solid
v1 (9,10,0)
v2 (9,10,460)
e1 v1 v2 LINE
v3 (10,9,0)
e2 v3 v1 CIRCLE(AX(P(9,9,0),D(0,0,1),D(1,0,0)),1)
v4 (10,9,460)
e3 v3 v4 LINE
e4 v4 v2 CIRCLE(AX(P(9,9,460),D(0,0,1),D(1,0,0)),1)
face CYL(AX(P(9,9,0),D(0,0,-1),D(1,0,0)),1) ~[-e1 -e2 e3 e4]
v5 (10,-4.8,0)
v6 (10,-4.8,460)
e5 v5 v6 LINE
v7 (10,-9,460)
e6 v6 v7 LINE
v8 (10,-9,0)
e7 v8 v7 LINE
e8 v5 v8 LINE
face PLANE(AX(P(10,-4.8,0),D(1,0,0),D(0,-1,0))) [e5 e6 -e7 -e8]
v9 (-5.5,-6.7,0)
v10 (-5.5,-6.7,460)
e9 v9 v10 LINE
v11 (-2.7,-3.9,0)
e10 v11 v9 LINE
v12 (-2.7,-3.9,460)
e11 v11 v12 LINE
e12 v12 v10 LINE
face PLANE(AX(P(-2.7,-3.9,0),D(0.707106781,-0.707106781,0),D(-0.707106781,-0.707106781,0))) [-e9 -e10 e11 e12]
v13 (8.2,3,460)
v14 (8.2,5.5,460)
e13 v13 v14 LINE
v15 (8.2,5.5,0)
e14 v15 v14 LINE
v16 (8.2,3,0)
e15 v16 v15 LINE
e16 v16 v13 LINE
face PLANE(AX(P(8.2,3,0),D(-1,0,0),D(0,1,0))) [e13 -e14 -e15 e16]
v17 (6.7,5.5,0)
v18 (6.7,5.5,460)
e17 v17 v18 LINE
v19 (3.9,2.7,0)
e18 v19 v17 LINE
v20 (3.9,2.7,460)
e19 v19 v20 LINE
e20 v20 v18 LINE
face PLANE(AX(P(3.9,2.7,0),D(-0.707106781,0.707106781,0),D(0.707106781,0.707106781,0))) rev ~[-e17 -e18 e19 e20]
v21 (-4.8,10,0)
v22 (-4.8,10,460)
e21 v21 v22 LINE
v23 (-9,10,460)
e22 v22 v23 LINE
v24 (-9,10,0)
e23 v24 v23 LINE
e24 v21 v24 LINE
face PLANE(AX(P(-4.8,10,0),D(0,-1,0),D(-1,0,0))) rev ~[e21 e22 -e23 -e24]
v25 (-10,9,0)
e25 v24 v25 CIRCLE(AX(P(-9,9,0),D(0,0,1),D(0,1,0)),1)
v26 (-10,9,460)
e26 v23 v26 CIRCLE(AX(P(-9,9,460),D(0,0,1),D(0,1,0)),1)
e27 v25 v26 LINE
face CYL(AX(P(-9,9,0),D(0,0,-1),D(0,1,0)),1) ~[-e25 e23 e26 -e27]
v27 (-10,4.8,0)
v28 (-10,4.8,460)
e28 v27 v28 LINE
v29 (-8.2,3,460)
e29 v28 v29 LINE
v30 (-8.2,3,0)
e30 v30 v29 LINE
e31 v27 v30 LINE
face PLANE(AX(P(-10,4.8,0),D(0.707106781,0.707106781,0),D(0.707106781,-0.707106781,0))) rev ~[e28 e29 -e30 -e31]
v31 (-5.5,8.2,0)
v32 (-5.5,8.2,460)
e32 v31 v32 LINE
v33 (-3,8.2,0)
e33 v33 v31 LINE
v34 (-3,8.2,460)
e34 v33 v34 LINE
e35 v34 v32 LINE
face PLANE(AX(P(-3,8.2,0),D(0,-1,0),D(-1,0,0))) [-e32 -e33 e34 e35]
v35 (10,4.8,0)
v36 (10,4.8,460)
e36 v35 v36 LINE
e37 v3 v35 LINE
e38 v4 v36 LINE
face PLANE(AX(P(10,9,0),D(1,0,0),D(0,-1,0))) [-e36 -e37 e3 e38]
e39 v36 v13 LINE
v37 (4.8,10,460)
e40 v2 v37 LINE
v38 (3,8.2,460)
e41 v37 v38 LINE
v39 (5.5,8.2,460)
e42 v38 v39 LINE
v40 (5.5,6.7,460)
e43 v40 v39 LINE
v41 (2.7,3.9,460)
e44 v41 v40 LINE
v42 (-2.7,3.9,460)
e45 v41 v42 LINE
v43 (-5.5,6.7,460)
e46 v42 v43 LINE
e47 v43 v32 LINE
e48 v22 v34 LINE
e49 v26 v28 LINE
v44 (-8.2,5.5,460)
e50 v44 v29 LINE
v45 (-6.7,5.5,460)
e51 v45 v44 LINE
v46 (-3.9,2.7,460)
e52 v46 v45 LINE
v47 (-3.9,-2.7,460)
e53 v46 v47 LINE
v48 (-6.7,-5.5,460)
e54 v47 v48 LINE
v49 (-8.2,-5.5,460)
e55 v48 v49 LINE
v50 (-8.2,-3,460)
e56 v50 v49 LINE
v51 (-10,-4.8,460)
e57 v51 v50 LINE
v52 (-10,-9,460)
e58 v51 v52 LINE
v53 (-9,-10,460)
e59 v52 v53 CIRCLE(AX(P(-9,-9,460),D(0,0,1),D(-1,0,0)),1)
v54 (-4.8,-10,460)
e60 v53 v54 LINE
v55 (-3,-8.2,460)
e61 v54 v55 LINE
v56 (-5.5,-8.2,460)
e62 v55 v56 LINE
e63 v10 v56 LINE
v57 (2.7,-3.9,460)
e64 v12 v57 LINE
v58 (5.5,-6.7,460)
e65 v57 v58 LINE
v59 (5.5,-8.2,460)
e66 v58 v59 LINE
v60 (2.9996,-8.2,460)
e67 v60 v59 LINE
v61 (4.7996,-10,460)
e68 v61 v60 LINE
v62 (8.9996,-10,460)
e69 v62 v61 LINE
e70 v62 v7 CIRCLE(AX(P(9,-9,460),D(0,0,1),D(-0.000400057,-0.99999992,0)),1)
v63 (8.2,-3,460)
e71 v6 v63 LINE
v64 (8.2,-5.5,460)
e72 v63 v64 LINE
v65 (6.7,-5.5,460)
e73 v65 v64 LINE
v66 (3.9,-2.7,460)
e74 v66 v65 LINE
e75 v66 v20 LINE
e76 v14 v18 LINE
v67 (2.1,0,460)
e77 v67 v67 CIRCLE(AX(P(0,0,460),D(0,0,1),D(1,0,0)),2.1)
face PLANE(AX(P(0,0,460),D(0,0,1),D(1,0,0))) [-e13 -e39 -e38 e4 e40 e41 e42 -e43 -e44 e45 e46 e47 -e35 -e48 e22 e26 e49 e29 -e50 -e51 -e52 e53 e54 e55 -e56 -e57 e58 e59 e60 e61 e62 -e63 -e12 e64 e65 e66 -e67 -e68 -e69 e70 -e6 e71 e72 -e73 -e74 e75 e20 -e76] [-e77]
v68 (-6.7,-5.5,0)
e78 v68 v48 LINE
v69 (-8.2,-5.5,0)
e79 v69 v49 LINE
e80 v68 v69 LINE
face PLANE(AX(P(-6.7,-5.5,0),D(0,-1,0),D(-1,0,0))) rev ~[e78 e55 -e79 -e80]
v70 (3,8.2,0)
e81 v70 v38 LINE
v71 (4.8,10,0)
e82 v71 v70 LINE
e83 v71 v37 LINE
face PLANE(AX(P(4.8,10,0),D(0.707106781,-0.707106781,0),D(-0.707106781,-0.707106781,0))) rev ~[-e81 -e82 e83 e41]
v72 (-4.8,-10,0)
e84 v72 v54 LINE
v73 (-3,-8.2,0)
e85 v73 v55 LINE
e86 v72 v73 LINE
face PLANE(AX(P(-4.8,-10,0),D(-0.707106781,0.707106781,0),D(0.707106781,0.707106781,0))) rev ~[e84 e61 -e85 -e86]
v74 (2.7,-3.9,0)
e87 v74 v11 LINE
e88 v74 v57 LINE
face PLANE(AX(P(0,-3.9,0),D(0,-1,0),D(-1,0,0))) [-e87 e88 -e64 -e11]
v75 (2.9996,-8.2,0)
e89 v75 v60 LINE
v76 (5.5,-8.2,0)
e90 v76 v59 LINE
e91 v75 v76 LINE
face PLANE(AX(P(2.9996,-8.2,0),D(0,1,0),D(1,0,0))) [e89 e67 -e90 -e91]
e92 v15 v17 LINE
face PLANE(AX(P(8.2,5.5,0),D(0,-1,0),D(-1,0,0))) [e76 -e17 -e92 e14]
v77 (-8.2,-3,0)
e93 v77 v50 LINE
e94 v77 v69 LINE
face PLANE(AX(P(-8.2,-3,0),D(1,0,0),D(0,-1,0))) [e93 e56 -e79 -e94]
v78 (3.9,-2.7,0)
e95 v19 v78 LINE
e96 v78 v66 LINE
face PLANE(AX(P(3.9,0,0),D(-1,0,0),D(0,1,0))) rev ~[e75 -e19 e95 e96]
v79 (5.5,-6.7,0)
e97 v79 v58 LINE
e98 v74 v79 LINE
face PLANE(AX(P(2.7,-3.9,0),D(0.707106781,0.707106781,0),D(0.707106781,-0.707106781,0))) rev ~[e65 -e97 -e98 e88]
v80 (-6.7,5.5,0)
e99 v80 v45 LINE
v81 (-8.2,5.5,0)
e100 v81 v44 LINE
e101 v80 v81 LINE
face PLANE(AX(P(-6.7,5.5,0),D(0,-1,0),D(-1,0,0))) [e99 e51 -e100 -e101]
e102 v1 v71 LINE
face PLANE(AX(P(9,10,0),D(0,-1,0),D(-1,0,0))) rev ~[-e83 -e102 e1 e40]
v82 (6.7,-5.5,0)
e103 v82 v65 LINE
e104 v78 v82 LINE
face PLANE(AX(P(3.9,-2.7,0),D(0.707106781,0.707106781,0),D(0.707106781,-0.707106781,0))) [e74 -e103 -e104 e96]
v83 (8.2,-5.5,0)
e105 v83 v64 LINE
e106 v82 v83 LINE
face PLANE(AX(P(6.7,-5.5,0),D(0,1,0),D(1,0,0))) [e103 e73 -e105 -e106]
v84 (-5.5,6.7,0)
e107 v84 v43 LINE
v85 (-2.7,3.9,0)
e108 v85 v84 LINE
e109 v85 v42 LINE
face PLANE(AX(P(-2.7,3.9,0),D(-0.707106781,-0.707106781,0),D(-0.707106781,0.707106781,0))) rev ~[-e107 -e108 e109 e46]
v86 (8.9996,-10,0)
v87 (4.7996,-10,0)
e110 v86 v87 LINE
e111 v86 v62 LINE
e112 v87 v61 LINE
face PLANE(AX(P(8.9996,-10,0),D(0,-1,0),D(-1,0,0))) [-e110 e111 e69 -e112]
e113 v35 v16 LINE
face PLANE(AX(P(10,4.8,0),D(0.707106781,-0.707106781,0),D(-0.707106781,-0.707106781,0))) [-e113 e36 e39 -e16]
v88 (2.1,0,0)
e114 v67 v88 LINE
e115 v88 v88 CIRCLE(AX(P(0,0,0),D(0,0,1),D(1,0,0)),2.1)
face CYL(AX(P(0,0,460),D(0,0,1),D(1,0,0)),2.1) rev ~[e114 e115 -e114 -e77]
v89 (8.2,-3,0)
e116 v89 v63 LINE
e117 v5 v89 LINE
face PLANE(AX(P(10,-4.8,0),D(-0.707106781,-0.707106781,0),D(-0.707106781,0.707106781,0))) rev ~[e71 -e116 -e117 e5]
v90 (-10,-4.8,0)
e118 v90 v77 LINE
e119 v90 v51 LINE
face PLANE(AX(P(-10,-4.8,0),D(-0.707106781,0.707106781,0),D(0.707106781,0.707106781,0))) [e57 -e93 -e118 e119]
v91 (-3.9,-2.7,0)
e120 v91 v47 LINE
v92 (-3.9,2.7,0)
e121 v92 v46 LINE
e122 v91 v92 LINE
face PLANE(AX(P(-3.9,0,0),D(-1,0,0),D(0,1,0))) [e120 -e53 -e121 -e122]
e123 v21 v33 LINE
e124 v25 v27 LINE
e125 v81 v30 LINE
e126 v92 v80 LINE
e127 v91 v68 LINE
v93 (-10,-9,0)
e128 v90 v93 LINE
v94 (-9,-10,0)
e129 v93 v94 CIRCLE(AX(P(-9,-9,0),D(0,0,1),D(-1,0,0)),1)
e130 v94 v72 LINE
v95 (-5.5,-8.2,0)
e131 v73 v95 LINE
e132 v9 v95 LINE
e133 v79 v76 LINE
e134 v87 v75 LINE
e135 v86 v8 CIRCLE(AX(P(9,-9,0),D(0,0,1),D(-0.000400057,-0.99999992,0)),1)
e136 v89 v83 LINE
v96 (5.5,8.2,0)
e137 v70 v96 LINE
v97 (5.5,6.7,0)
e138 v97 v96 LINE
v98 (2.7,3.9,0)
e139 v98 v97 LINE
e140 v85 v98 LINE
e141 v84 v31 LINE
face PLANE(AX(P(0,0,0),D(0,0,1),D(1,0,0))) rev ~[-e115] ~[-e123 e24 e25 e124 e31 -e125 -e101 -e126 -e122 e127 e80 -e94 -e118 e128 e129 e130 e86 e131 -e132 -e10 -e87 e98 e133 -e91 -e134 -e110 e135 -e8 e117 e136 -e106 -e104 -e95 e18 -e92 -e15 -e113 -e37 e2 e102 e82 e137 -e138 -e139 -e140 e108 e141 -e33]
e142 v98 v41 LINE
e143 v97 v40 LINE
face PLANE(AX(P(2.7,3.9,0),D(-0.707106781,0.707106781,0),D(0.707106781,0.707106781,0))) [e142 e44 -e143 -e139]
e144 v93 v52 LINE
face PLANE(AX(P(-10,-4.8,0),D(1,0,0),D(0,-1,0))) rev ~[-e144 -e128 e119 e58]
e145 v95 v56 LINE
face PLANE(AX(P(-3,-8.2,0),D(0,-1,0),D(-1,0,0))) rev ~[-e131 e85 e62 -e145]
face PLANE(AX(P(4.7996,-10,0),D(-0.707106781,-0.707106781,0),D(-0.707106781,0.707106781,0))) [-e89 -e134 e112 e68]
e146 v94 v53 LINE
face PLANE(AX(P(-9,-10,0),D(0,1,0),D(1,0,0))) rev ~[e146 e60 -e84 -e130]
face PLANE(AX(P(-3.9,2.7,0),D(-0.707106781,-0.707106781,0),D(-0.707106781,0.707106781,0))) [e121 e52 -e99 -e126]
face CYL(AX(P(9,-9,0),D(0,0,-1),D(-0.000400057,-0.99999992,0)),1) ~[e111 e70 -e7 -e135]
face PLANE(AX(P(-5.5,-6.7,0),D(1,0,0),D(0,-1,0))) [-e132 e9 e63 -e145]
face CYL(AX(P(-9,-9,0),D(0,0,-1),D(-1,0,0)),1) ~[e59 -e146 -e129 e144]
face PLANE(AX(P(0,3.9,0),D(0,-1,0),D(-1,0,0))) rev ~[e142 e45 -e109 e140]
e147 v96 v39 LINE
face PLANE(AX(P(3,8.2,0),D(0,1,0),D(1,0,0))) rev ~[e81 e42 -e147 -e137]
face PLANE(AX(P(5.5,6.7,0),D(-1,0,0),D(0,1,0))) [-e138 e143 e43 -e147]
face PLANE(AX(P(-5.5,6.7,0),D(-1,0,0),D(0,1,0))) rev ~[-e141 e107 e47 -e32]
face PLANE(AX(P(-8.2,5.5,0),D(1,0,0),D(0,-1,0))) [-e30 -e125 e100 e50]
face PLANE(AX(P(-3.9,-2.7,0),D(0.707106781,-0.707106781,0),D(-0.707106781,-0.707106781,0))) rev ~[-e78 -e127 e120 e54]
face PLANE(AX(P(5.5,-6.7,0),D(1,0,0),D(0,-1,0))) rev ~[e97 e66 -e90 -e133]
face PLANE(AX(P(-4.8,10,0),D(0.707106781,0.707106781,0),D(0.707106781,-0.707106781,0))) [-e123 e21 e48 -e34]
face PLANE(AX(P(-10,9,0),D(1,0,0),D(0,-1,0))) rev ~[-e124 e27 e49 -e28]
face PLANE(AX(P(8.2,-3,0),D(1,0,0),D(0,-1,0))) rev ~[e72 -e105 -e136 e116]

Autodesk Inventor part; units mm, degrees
ref_plane "YZ Plane" through (0, 0, 0) normal (1, 0, 0) x (0, 1, 0)
ref_plane "XZ Plane" through (0, 0, 0) normal (0, 1, 0) x (-1, 0, 0)
ref_plane "XY Plane" through (0, 0, 0) normal (0, 0, 1) x (1, 0, 0)
sketch "Эскиз1" plane through (0, 0, 0) normal (0, 0, 1) x (1, 0, 0)
  line L0 (-4.8, 10) -> (-3, 8.2)
  line L1 (-4.8, 10) -> (-2.2544, 10) construction
  line L2 (4.8, 10) -> (3, 8.2)
  line L3 (4.8, 10) -> (7.3456, 10) construction
  line L4 (10, 4.8) -> (8.2, 3)
  arc A0 (-9, 10) -> (-10, 9) centre (-9, 9) ccw
  arc A1 (10, 9) -> (9, 10) centre (9, 9) ccw
  arc A2 (-10, -9) -> (-9, -10) centre (-9, -9) ccw
  arc A3 (8.9996, -10) -> (10, -9) centre (9, -9) ccw
  line L5 (0, 3.9) -> (-2.7, 3.9)
  line L6 (0, 3.9) -> (2.7, 3.9)
  line L7 (3, 8.2) -> (5.5, 8.2)
  line L8 (2.7, 3.9) -> (5.5, 6.7)
  line L9 (5.5, 6.7) -> (5.5, 8.2)
  line L10 (3.9, 0) -> (3.9, 2.7)
  line L11 (3.9, 0) -> (3.9, -2.7)
  line L12 (3.9, 2.7) -> (6.7, 5.5)
  line L13 (3.9, 2.7) -> (7.8598, 2.7) construction
  line L14 (9, 10) -> (4.8, 10)
  line L15 (-4.8, 10) -> (-9, 10)
  line L16 (0, -3.9) -> (-2.7, -3.9)
  line L17 (0, -3.9) -> (2.7, -3.9)
  line L18 (-3.9, 0) -> (-3.9, -2.7)
  line L19 (-3.9, 0) -> (-3.9, 2.7)
  line L20 (8.2, 3) -> (8.2, 5.5)
  line L21 (8.2, 5.5) -> (6.7, 5.5)
  line L22 (-10, -4.8) -> (-7.4544, -4.8) construction
  line L23 (-4.8, -10) -> (-3, -8.2)
  line L24 (-4.8, -10) -> (-2.2544, -10) construction
  line L25 (4.7996, -10) -> (2.9996, -8.2)
  line L26 (4.7996, -10) -> (7.3452, -10) construction
  line L27 (10, -4.8) -> (8.2, -3)
  line L28 (8.9996, -10) -> (4.7996, -10)
  line L29 (-9, -10) -> (-4.8, -10)
  line L30 (10, -4.8) -> (10, -9)
  line L31 (10, 9) -> (10, 4.8)
  line L32 (-10, -4.8) -> (-10, -9)
  line L33 (-3, 8.2) -> (-5.5, 8.2)
  line L34 (-2.7, 3.9) -> (-5.5, 6.7)
  line L35 (-2.7, 3.9) -> (1.2598, 3.9) construction
  line L36 (-5.5, 6.7) -> (-5.5, 8.2)
  line L37 (-3.9, 2.7) -> (-6.7, 5.5)
  line L38 (-6.7, 5.5) -> (-8.2, 5.5)
  line L39 (-8.2, -3) -> (-8.2, -5.5)
  line L40 (-3, -8.2) -> (-5.5, -8.2)
  line L41 (2.9996, -8.2) -> (5.5, -8.2)
  line L42 (8.2, -3) -> (8.2, -5.5)
  line L43 (-3.9, -2.7) -> (-6.7, -5.5)
  line L44 (-6.7, -5.5) -> (-8.2, -5.5)
  line L45 (-2.7, -3.9) -> (-5.5, -6.7)
  line L46 (-5.5, -6.7) -> (-5.5, -8.2)
  line L47 (-10, 9) -> (-10, 4.8)
  line L48 (-10, 4.8) -> (-8.2, 3)
  line L49 (-8.2, 5.5) -> (-8.2, 3)
  line L50 (-10, -4.8) -> (-8.2, -3)
  line L51 (2.7, -3.9) -> (5.5, -6.7)
  line L52 (5.5, -6.7) -> (5.5, -8.2)
  line L53 (3.9, -2.7) -> (6.7, -5.5)
  line L54 (6.7, -5.5) -> (8.2, -5.5)
  point P0 (0, 0)
  dimension "d16" = 45
  dimension "d17" = 135
  dimension "d25" = 6
  dimension "d29" = 1
  dimension "d30" = 1
  dimension "d31" = 2.7
  dimension "d32" = 2.7
  dimension "d34" = 2.5
  dimension "d36" = 2.7
  dimension "d37" = 2.7
  dimension "d38" = 3.9
  dimension "d39" = 45
  dimension "d42" = 2.7
  dimension "d43" = 2.7
  dimension "d44" = 3.9
  dimension "d45" = 2.7
  dimension "d46" = 2.7
  dimension "d48" = 10
  dimension "d49" = 10
  dimension "d55" = 4.5
  dimension "d58" = 9
  dimension "d59" = 9
  dimension "d60" = 2.5
  dimension "d61" = 2.8
  dimension "d63" = 1.6971
  dimension "d65" = 45
  dimension "d67" = 135
  dimension "d73" = 10
  dimension "d74" = 10
  dimension "d77" = 18
  dimension "d78" = 18
  dimension "d79" = 135
  dimension "d80" = 135
  dimension "d81" = 4.5
  dimension "d82" = 1.8
  dimension "d83" = 1.8
  dimension "d84" = 1
  dimension "d85" = 1
  dimension "d87" = 4.5
  dimension "d89" = 1.8
  dimension "d91" = 135
  dimension "d92" = 1.6971
  dimension "d94" = 4.5
  dimension "d95" = 1.8
  dimension "d96" = 4.5
  dimension "d97" = 1.8
  dimension "d98" = 4.5
  dimension "d99" = 1.8
  dimension "d100" = 1.8
  dimension "d107" = 4.2
  dimension "d108" = 10
  dimension "d109" = 4.5
  dimension "d110" = 1.8
  dimension "d111" = 135
  dimension "d112" = 4.2
  dimension "d113" = 4.2
  dimension "d114" = 6
  dimension "d115" = 135
  dimension "d116" = 1.6971
  dimension "d117" = 4.2
  dimension "d118" = 4.2
  dimension "d119" = 4.5
  dimension "d120" = 135
  dimension "d121" = 1.5
extrude "Выдавливание2" add sketch "Эскиз1" along normal blind 460
sketch "Эскиз2" plane through (0, 0, 460) normal (0, 0, 1) x (1, 0, 0)
  circle A0 centre (0, 0) radius 2.1
  dimension "d131" = 4.2
extrude "Выдавливание3" cut sketch "Эскиз2" against normal through all
properties part number "Профиль_аллюминиевый460"
